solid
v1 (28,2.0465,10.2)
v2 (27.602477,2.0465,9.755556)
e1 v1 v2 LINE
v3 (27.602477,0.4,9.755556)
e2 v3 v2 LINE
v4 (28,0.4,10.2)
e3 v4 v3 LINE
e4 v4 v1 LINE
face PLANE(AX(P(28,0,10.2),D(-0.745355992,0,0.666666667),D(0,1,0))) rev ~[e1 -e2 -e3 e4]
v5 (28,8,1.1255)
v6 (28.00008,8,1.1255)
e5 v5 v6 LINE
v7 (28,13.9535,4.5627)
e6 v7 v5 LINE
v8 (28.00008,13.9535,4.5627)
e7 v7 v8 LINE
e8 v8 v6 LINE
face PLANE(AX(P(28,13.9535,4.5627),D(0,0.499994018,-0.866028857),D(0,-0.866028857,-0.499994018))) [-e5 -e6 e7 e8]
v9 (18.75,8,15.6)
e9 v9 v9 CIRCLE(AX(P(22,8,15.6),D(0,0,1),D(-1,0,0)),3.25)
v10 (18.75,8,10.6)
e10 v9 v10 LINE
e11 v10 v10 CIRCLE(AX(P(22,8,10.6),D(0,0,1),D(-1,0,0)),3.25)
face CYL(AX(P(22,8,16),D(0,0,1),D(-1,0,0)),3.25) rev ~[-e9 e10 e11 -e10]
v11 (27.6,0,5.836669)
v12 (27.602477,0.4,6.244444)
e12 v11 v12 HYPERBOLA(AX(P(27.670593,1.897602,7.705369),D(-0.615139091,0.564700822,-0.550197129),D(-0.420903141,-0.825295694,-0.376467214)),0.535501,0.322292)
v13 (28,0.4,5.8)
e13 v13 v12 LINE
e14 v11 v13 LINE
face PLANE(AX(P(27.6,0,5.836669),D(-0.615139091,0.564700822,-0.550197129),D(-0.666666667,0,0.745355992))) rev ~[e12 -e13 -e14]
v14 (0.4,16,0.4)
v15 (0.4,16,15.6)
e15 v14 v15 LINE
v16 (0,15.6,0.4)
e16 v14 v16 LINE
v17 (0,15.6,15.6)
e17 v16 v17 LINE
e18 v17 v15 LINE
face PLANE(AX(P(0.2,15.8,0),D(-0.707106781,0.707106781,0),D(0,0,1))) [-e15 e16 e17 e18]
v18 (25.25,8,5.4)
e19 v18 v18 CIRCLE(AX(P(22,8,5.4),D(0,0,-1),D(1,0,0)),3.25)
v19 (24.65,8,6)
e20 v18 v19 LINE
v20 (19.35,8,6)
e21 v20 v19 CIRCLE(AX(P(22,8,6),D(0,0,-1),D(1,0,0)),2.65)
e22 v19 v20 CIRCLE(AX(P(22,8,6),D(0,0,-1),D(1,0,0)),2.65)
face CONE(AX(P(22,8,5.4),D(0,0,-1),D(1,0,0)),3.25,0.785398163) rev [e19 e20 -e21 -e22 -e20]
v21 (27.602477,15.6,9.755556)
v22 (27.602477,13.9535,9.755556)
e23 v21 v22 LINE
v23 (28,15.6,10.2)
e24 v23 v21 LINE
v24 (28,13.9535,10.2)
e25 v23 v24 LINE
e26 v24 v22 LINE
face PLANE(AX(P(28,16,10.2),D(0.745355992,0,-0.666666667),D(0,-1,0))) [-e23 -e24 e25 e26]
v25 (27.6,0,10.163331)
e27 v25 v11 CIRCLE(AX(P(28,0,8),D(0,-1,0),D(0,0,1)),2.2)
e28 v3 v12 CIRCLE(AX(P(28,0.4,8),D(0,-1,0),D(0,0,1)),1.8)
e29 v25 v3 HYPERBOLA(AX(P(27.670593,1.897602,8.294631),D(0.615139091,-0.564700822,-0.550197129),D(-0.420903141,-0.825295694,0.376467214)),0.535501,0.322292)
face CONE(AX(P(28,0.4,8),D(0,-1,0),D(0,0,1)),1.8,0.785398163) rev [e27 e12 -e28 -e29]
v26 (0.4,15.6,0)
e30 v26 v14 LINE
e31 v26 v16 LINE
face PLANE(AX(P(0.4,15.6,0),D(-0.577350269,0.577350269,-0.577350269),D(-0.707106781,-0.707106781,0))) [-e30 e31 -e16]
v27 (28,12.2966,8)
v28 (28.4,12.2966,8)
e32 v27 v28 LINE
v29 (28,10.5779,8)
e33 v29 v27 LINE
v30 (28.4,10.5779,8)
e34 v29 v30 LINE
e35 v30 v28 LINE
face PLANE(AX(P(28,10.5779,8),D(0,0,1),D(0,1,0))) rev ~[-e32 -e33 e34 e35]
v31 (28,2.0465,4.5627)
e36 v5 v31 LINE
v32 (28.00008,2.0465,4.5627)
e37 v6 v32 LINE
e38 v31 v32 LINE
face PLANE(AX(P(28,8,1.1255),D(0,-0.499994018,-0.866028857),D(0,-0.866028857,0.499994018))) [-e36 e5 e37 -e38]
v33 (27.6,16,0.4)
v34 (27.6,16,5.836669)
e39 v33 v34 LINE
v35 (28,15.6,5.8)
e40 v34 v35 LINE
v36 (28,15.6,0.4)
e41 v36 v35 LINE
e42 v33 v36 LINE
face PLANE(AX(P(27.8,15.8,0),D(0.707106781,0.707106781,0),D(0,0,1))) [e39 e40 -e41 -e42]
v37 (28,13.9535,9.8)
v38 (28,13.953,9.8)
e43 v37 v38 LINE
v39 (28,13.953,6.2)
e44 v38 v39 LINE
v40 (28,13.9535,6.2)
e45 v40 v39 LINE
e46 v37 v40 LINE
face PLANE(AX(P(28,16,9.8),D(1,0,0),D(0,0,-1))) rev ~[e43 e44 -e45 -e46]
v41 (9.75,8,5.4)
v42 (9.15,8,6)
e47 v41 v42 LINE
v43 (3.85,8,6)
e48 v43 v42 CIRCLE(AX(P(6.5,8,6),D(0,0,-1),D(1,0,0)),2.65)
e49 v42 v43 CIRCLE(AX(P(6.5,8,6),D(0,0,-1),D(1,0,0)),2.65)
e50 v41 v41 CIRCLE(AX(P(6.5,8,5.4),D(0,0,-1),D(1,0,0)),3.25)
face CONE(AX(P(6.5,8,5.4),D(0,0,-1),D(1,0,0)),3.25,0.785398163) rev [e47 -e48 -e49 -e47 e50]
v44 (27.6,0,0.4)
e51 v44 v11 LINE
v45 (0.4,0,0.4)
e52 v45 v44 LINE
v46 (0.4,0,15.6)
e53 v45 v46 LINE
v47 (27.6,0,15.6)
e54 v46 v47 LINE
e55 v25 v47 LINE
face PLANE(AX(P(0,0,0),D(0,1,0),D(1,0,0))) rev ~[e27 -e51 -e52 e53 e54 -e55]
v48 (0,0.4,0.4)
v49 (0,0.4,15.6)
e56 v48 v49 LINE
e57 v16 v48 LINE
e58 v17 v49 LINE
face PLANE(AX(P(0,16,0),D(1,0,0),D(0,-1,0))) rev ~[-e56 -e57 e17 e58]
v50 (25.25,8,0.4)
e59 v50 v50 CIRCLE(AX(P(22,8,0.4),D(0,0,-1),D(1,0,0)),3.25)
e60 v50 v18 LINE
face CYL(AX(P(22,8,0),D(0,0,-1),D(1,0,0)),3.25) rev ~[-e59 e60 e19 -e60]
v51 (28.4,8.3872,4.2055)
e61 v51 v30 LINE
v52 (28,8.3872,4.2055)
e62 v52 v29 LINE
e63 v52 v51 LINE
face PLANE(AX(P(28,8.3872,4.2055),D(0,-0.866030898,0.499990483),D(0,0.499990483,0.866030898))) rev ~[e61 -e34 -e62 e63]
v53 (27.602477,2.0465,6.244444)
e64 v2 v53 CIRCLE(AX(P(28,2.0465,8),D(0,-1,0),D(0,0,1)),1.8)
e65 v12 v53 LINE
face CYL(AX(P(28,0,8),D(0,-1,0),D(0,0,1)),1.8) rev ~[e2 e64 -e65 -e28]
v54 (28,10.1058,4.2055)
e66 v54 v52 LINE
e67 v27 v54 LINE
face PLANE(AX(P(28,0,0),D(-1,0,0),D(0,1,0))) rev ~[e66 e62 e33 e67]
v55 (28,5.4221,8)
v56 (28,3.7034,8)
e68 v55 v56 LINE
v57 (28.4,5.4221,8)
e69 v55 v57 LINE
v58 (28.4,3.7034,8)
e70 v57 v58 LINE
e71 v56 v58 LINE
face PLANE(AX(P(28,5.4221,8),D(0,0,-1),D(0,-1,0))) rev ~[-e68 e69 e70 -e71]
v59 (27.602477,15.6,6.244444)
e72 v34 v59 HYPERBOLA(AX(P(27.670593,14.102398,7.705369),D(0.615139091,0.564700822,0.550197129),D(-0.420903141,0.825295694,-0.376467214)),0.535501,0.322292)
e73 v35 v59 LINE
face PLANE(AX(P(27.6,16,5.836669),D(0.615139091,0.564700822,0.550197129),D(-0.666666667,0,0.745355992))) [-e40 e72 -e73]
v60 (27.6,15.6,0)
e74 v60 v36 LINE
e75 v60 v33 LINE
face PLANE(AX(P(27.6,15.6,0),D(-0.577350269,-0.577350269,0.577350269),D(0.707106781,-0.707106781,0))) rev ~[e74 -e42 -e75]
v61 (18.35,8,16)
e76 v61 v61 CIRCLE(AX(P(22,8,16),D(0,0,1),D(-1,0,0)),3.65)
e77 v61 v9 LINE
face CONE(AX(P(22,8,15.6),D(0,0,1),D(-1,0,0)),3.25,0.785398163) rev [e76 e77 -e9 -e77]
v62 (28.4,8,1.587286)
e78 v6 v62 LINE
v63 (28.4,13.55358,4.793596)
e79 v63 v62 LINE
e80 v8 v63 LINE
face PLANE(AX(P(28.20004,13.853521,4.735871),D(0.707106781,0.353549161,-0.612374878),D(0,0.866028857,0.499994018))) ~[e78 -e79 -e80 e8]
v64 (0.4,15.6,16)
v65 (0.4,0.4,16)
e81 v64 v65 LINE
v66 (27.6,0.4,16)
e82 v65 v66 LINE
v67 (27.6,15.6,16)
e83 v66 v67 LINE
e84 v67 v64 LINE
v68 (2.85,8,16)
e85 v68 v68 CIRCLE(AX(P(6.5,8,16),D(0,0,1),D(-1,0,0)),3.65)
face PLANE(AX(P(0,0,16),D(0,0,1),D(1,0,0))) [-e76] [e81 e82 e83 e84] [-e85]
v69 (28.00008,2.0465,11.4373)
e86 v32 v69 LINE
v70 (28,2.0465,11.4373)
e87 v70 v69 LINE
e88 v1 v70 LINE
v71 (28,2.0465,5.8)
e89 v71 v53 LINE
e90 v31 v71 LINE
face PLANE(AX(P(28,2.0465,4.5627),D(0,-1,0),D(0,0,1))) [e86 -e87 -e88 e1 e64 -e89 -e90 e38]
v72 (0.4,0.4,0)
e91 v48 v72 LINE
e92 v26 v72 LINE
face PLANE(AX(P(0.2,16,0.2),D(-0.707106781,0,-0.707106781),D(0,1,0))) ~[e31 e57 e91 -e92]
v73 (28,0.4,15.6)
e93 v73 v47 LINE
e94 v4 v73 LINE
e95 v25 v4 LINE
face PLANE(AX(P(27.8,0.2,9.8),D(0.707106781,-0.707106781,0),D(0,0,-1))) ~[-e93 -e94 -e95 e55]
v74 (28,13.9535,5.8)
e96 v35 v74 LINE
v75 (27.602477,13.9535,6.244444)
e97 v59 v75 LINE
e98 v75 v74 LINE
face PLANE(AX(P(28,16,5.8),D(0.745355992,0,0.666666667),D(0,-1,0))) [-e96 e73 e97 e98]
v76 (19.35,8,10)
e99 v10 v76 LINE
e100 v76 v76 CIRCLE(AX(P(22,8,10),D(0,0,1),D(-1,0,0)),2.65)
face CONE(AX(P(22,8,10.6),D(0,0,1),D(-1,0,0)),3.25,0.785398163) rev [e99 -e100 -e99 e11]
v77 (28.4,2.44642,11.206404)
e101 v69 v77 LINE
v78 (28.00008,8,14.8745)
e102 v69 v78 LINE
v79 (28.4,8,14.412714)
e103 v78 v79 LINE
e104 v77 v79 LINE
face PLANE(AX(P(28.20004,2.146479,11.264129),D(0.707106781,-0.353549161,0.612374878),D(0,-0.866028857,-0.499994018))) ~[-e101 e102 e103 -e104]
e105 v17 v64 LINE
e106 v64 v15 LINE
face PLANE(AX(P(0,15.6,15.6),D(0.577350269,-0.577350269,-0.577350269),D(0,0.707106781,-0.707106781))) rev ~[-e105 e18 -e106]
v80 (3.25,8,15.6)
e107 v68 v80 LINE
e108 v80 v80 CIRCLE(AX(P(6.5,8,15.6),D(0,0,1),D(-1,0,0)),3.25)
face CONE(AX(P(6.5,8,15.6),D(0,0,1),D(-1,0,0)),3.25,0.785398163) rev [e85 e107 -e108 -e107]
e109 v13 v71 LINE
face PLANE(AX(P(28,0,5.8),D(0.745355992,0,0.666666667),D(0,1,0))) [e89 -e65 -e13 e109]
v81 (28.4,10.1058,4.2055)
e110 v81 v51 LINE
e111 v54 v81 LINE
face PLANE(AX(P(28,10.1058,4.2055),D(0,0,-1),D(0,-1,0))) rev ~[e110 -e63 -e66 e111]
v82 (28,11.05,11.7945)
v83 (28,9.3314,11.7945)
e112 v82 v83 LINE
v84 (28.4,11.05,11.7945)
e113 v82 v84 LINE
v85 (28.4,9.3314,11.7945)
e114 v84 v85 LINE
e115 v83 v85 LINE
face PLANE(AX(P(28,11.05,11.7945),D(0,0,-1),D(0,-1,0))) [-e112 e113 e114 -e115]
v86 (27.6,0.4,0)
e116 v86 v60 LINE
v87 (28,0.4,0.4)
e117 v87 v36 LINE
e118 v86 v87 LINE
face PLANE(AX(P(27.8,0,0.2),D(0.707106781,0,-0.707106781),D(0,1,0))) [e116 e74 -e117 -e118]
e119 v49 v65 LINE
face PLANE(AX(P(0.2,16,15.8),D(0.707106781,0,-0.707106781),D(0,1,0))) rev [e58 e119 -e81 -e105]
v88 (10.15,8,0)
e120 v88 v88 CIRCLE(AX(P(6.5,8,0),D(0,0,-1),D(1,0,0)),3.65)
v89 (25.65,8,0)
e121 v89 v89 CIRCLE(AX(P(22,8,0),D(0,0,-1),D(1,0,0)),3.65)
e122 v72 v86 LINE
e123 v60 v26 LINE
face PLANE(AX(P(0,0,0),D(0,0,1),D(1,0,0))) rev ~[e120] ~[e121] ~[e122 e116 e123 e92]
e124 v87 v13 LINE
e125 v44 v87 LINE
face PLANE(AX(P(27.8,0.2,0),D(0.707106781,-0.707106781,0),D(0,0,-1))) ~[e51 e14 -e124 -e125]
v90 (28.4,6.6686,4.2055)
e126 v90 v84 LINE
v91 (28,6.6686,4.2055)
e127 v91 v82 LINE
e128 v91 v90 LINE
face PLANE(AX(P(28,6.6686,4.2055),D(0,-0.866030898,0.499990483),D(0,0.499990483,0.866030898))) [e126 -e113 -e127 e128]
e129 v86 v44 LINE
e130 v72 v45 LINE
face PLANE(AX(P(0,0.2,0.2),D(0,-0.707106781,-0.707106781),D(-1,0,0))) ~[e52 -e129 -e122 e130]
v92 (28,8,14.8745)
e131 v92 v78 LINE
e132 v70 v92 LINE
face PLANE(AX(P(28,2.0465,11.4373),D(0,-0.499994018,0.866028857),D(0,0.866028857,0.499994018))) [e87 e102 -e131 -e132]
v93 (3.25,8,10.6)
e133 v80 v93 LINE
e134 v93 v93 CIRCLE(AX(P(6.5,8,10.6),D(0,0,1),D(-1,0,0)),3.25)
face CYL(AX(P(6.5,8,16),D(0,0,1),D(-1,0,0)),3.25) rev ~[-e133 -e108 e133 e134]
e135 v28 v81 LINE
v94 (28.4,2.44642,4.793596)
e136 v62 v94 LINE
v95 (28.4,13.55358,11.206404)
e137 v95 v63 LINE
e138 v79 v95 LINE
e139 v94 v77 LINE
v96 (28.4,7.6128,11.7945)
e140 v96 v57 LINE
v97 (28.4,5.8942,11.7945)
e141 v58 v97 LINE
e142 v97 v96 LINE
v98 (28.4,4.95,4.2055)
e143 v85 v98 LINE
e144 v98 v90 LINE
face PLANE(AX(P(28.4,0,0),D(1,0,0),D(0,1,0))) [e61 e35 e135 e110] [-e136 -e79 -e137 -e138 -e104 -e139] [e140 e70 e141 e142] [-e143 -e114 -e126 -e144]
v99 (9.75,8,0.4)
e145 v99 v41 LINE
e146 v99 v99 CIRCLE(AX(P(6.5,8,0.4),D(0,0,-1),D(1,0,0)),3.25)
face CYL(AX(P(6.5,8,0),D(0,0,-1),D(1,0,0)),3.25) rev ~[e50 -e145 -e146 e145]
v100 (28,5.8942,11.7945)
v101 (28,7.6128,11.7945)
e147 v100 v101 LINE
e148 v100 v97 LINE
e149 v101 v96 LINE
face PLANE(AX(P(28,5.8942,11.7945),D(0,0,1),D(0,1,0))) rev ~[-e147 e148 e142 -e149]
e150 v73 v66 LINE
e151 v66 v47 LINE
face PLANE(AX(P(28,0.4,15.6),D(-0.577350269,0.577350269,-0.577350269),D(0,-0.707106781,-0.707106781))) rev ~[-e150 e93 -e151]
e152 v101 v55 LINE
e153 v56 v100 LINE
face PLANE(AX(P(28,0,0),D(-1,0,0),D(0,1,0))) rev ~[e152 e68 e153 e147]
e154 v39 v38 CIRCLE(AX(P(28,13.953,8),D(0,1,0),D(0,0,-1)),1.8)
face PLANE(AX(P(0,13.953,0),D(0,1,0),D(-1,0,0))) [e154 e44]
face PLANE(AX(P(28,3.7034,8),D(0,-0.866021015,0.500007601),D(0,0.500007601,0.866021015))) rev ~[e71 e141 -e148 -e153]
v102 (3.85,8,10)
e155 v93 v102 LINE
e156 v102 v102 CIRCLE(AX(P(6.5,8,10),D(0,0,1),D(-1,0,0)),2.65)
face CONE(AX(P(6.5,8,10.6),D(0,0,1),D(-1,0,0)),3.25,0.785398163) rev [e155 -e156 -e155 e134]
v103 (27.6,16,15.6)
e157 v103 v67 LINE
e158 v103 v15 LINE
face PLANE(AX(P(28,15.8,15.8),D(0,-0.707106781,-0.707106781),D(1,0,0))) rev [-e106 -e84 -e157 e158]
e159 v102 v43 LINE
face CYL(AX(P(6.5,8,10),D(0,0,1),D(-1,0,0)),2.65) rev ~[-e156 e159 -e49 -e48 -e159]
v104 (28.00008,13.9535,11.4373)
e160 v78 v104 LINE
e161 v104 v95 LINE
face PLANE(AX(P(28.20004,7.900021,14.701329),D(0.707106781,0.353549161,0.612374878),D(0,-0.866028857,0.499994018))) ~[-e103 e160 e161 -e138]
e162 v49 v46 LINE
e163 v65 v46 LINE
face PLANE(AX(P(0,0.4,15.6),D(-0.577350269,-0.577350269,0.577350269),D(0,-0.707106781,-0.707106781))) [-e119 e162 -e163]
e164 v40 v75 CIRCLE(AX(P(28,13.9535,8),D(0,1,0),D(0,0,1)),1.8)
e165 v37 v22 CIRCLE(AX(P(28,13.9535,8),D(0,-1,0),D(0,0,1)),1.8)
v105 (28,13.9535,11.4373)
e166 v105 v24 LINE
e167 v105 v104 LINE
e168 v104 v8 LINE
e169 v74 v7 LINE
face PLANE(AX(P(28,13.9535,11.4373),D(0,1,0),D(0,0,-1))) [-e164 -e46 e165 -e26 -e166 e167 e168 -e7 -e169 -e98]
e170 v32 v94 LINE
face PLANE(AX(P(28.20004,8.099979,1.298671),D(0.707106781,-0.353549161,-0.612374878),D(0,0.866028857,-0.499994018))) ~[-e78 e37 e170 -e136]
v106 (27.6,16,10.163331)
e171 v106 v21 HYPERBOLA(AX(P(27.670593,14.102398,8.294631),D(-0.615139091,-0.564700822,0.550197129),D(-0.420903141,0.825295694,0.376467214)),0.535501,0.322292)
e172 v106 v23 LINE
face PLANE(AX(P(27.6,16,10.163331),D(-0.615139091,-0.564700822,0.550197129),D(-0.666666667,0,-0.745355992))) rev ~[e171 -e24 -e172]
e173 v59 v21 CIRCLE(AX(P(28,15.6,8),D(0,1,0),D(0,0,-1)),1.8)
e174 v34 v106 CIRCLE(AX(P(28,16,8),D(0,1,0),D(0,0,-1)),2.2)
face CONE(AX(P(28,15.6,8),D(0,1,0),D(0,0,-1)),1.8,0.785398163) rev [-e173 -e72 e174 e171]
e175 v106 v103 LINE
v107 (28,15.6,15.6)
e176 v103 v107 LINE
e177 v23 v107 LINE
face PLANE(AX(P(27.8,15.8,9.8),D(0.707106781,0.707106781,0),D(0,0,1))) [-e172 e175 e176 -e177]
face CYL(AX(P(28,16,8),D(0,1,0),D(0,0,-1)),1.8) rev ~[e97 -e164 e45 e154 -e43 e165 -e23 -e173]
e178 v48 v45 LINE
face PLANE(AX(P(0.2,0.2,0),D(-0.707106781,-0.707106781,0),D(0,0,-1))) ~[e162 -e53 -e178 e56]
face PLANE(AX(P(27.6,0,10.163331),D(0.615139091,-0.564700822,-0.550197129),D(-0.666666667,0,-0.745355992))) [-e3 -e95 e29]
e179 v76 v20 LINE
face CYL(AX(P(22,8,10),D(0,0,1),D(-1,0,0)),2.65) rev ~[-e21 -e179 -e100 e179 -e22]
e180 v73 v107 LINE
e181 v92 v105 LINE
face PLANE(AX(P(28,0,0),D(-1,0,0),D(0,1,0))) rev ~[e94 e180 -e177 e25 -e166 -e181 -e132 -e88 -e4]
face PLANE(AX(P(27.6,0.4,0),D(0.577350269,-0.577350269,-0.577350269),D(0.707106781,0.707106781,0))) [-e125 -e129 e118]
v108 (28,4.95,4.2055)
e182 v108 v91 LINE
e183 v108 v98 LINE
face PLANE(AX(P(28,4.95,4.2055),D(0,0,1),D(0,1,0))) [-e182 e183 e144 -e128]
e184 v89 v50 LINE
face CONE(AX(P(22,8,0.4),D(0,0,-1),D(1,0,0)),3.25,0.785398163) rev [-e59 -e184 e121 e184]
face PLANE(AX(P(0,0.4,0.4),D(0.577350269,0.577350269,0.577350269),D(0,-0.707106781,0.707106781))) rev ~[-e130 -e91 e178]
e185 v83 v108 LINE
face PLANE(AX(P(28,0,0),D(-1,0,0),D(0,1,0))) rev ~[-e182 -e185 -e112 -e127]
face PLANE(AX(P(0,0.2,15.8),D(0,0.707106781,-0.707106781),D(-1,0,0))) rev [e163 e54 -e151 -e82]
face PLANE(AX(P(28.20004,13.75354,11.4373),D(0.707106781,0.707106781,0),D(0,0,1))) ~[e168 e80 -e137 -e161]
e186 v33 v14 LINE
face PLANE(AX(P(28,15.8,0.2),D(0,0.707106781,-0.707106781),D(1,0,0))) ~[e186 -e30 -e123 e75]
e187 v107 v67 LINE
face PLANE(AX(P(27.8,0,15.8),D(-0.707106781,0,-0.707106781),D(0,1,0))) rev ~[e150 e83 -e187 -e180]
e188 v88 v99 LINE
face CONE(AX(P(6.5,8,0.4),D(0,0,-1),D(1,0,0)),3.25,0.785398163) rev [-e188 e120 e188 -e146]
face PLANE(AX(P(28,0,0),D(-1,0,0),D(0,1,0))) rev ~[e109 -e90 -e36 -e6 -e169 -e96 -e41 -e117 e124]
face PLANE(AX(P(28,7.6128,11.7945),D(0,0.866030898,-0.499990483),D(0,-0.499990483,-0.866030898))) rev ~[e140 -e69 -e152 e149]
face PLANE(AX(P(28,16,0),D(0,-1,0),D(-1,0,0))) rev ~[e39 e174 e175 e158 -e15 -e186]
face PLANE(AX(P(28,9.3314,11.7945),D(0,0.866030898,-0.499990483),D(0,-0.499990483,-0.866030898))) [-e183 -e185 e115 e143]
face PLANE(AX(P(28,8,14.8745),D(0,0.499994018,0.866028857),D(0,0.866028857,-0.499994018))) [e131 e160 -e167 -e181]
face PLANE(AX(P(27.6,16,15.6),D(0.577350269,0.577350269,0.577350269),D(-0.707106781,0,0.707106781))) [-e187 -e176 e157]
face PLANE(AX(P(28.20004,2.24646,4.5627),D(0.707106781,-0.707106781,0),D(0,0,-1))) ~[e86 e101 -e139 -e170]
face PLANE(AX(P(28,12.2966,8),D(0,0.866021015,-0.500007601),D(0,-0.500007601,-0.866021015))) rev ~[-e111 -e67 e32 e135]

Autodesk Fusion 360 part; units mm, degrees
sketch "Sketch1" plane through (0, 0, 0) normal (0, 0, 1) x (1, 0, 0)
  line L0 (0, 0) -> (28, 0)
  line L1 (28, 0) -> (28, 16)
  line L2 (28, 16) -> (0, 16)
  line L3 (0, 16) -> (0, 0)
  dimension "d1" = 28
  dimension "d2" = 16
extrude "Extrude1" add sketch "Sketch1" along normal blind 16
sketch "Sketch2" plane through (0, 0, 16) normal (0, 0, 1) x (-1, 0, 0)
  line L0 (0, -16) -> (0, 0)
  line L1 (0, 0) -> (-28, 0)
  line L2 (-28, 0) -> (-28, -16)
  line L3 (-28, -16) -> (0, -16)
  line L4 (0, -8) -> (-28, -8) construction
  line L5 (-6.5, -16) -> (-6.5, 0) construction
  line L6 (-22, -16) -> (-22, 0) construction
  circle A0 centre (-6.5, -8) radius 3.25
  circle A1 centre (-22, -8) radius 3.25
  dimension "d5" = 6.5
  dimension "d6" = 15.5
  dimension "d7" = 6.5
  dimension "d8" = 6.5
extrude "Extrude2" cut sketch "Sketch2" against normal blind 6 contours A0 | A1
sketch "Sketch3" plane through (0, 0, 0) normal (0, 0, -1) x (1, 0, 0)
  line L0 (0, 0) -> (0, -16)
  line L1 (0, -16) -> (28, -16)
  line L2 (28, -16) -> (28, 0)
  line L3 (28, 0) -> (0, 0)
  circle A0 centre (6.5, -8) radius 3.25
  circle A1 centre (22, -8) radius 3.25
extrude "Extrude3" cut sketch "Sketch3" against normal blind 6 contours A0 | A1
sketch "Sketch4" plane through (28, 0, 0) normal (1, 0, 0) x (0, 1, 0)
  line L0 (0, 0) -> (16, 0)
  line L1 (16, 0) -> (16, 16)
  line L2 (16, 16) -> (0, 16)
  line L3 (0, 16) -> (0, 0)
  line L4 (7.6128, 11.7945) -> (5.4221, 8)
  line L5 (12.2966, 8) -> (10.1058, 4.2055)
  line L6 (2.0465, 11.4373) -> (8, 14.8745)
  line L7 (5.8942, 11.7945) -> (7.6128, 11.7945)
  line L8 (3.7034, 8) -> (5.8942, 11.7945)
  line L9 (9.3314, 11.7945) -> (4.95, 4.2055)
  line L10 (13.9535, 11.4373) -> (13.9535, 4.5627)
  line L11 (6.6686, 4.2055) -> (11.05, 11.7945)
  line L12 (10.5779, 8) -> (12.2966, 8)
  line L13 (8, 14.8745) -> (13.9535, 11.4373)
  line L14 (8, 1.1255) -> (2.0465, 4.5627)
  line L15 (2.0465, 4.5627) -> (2.0465, 11.4373)
  line L16 (8.3872, 4.2055) -> (10.5779, 8)
  line L17 (5.4221, 8) -> (3.7034, 8)
  line L18 (4.95, 4.2055) -> (6.6686, 4.2055)
  line L19 (11.05, 11.7945) -> (9.3314, 11.7945)
  line L20 (10.1058, 4.2055) -> (8.3872, 4.2055)
  line L21 (13.9535, 4.5627) -> (8, 1.1255)
  line L22 (7.0257, 8) -> (8.9743, 8) construction
  line L23 (0, 8) -> (16, 8) construction
  line L24 (8, 16) -> (8, 0) construction
  point P0 (8, 8)
  point P1 (8, 8)
extrude "Extrude4" add sketch "Sketch4" along normal blind 0.4 contours L6 L10 L13 L14 L15 L21
sketch "Sketch5" plane through (0, 0, 0) normal (0, -1, 0) x (1, 0, 0)
  line L0 (0, 0) -> (28, 0)
  line L1 (28, 0) -> (28, 16)
  line L2 (28, 16) -> (0, 16)
  line L3 (0, 16) -> (0, 0)
  arc A0 (28, 9.8) -> (28, 6.2) centre (28, 8) ccw
  dimension "d25" = 1.8
sketch "Sketch6" plane through (0, 16, 0) normal (0, 1, 0) x (-1, 0, 0)
  line L0 (-28, 0) -> (0, 0)
  line L1 (0, 0) -> (0, 16)
  line L2 (0, 16) -> (-28, 16)
  line L3 (-28, 16) -> (-28, 0)
  arc A0 (-28, 6.2) -> (-28, 9.8) centre (-28, 8) ccw
extrude "Extrude8" cut sketch "Sketch5" against normal blind 2.0465 contours L1 A0
extrude "Extrude9" cut sketch "Sketch6" against normal blind 2.047 contours L3 A0
chamfer "Chamfer1" distance 0.4 angle 45 20 edges at (14, 0, 16) (28, 8, 16) (28, 0, 3.1) (28, 0, 12.9) (28, 16, 3.1) (28, 16, 12.9) (14, 16, 16) (0, 8, 16) (0, 16, 8) (14, 16, 0) (14, 0, 0) (0, 8, 0) (0, 0, 8) (28, 8, 0) (26.2, 0, 8) (28, 1.0232, 6.2) (28, 1.0232, 9.8) (26.2, 16, 8) (28, 14.9768, 6.2) (28, 14.9768, 9.8)
chamfer "Chamfer2" distance 0.4 angle 45 6 edges at (28.4, 5.0233, 13.1559) (28.4, 10.9768, 13.1559) (28.4, 2.0465, 8) (28.4, 5.0232, 2.8441) (28.4, 10.9768, 2.8441) (28.4, 13.9535, 8)
chamfer "Chamfer3" distance 0.4 angle 45 4 edges at (9.5301, 6.8247, 16) (25.0301, 6.8247, 16) (3.4699, 6.8247, 0) (18.9699, 6.8247, 0)
chamfer "Chamfer4" distance 0.6 angle 45 4 edges at (25.0301, 6.8247, 10) (9.5301, 6.8247, 10) (18.9699, 6.8247, 6) (3.4699, 6.8247, 6)
extrude "Extrude7" cut 2 faces at (7.0507, 8.6906, 10) (23.3948, 7.2286, 10) along direction (0, 0, -1) blind 4
